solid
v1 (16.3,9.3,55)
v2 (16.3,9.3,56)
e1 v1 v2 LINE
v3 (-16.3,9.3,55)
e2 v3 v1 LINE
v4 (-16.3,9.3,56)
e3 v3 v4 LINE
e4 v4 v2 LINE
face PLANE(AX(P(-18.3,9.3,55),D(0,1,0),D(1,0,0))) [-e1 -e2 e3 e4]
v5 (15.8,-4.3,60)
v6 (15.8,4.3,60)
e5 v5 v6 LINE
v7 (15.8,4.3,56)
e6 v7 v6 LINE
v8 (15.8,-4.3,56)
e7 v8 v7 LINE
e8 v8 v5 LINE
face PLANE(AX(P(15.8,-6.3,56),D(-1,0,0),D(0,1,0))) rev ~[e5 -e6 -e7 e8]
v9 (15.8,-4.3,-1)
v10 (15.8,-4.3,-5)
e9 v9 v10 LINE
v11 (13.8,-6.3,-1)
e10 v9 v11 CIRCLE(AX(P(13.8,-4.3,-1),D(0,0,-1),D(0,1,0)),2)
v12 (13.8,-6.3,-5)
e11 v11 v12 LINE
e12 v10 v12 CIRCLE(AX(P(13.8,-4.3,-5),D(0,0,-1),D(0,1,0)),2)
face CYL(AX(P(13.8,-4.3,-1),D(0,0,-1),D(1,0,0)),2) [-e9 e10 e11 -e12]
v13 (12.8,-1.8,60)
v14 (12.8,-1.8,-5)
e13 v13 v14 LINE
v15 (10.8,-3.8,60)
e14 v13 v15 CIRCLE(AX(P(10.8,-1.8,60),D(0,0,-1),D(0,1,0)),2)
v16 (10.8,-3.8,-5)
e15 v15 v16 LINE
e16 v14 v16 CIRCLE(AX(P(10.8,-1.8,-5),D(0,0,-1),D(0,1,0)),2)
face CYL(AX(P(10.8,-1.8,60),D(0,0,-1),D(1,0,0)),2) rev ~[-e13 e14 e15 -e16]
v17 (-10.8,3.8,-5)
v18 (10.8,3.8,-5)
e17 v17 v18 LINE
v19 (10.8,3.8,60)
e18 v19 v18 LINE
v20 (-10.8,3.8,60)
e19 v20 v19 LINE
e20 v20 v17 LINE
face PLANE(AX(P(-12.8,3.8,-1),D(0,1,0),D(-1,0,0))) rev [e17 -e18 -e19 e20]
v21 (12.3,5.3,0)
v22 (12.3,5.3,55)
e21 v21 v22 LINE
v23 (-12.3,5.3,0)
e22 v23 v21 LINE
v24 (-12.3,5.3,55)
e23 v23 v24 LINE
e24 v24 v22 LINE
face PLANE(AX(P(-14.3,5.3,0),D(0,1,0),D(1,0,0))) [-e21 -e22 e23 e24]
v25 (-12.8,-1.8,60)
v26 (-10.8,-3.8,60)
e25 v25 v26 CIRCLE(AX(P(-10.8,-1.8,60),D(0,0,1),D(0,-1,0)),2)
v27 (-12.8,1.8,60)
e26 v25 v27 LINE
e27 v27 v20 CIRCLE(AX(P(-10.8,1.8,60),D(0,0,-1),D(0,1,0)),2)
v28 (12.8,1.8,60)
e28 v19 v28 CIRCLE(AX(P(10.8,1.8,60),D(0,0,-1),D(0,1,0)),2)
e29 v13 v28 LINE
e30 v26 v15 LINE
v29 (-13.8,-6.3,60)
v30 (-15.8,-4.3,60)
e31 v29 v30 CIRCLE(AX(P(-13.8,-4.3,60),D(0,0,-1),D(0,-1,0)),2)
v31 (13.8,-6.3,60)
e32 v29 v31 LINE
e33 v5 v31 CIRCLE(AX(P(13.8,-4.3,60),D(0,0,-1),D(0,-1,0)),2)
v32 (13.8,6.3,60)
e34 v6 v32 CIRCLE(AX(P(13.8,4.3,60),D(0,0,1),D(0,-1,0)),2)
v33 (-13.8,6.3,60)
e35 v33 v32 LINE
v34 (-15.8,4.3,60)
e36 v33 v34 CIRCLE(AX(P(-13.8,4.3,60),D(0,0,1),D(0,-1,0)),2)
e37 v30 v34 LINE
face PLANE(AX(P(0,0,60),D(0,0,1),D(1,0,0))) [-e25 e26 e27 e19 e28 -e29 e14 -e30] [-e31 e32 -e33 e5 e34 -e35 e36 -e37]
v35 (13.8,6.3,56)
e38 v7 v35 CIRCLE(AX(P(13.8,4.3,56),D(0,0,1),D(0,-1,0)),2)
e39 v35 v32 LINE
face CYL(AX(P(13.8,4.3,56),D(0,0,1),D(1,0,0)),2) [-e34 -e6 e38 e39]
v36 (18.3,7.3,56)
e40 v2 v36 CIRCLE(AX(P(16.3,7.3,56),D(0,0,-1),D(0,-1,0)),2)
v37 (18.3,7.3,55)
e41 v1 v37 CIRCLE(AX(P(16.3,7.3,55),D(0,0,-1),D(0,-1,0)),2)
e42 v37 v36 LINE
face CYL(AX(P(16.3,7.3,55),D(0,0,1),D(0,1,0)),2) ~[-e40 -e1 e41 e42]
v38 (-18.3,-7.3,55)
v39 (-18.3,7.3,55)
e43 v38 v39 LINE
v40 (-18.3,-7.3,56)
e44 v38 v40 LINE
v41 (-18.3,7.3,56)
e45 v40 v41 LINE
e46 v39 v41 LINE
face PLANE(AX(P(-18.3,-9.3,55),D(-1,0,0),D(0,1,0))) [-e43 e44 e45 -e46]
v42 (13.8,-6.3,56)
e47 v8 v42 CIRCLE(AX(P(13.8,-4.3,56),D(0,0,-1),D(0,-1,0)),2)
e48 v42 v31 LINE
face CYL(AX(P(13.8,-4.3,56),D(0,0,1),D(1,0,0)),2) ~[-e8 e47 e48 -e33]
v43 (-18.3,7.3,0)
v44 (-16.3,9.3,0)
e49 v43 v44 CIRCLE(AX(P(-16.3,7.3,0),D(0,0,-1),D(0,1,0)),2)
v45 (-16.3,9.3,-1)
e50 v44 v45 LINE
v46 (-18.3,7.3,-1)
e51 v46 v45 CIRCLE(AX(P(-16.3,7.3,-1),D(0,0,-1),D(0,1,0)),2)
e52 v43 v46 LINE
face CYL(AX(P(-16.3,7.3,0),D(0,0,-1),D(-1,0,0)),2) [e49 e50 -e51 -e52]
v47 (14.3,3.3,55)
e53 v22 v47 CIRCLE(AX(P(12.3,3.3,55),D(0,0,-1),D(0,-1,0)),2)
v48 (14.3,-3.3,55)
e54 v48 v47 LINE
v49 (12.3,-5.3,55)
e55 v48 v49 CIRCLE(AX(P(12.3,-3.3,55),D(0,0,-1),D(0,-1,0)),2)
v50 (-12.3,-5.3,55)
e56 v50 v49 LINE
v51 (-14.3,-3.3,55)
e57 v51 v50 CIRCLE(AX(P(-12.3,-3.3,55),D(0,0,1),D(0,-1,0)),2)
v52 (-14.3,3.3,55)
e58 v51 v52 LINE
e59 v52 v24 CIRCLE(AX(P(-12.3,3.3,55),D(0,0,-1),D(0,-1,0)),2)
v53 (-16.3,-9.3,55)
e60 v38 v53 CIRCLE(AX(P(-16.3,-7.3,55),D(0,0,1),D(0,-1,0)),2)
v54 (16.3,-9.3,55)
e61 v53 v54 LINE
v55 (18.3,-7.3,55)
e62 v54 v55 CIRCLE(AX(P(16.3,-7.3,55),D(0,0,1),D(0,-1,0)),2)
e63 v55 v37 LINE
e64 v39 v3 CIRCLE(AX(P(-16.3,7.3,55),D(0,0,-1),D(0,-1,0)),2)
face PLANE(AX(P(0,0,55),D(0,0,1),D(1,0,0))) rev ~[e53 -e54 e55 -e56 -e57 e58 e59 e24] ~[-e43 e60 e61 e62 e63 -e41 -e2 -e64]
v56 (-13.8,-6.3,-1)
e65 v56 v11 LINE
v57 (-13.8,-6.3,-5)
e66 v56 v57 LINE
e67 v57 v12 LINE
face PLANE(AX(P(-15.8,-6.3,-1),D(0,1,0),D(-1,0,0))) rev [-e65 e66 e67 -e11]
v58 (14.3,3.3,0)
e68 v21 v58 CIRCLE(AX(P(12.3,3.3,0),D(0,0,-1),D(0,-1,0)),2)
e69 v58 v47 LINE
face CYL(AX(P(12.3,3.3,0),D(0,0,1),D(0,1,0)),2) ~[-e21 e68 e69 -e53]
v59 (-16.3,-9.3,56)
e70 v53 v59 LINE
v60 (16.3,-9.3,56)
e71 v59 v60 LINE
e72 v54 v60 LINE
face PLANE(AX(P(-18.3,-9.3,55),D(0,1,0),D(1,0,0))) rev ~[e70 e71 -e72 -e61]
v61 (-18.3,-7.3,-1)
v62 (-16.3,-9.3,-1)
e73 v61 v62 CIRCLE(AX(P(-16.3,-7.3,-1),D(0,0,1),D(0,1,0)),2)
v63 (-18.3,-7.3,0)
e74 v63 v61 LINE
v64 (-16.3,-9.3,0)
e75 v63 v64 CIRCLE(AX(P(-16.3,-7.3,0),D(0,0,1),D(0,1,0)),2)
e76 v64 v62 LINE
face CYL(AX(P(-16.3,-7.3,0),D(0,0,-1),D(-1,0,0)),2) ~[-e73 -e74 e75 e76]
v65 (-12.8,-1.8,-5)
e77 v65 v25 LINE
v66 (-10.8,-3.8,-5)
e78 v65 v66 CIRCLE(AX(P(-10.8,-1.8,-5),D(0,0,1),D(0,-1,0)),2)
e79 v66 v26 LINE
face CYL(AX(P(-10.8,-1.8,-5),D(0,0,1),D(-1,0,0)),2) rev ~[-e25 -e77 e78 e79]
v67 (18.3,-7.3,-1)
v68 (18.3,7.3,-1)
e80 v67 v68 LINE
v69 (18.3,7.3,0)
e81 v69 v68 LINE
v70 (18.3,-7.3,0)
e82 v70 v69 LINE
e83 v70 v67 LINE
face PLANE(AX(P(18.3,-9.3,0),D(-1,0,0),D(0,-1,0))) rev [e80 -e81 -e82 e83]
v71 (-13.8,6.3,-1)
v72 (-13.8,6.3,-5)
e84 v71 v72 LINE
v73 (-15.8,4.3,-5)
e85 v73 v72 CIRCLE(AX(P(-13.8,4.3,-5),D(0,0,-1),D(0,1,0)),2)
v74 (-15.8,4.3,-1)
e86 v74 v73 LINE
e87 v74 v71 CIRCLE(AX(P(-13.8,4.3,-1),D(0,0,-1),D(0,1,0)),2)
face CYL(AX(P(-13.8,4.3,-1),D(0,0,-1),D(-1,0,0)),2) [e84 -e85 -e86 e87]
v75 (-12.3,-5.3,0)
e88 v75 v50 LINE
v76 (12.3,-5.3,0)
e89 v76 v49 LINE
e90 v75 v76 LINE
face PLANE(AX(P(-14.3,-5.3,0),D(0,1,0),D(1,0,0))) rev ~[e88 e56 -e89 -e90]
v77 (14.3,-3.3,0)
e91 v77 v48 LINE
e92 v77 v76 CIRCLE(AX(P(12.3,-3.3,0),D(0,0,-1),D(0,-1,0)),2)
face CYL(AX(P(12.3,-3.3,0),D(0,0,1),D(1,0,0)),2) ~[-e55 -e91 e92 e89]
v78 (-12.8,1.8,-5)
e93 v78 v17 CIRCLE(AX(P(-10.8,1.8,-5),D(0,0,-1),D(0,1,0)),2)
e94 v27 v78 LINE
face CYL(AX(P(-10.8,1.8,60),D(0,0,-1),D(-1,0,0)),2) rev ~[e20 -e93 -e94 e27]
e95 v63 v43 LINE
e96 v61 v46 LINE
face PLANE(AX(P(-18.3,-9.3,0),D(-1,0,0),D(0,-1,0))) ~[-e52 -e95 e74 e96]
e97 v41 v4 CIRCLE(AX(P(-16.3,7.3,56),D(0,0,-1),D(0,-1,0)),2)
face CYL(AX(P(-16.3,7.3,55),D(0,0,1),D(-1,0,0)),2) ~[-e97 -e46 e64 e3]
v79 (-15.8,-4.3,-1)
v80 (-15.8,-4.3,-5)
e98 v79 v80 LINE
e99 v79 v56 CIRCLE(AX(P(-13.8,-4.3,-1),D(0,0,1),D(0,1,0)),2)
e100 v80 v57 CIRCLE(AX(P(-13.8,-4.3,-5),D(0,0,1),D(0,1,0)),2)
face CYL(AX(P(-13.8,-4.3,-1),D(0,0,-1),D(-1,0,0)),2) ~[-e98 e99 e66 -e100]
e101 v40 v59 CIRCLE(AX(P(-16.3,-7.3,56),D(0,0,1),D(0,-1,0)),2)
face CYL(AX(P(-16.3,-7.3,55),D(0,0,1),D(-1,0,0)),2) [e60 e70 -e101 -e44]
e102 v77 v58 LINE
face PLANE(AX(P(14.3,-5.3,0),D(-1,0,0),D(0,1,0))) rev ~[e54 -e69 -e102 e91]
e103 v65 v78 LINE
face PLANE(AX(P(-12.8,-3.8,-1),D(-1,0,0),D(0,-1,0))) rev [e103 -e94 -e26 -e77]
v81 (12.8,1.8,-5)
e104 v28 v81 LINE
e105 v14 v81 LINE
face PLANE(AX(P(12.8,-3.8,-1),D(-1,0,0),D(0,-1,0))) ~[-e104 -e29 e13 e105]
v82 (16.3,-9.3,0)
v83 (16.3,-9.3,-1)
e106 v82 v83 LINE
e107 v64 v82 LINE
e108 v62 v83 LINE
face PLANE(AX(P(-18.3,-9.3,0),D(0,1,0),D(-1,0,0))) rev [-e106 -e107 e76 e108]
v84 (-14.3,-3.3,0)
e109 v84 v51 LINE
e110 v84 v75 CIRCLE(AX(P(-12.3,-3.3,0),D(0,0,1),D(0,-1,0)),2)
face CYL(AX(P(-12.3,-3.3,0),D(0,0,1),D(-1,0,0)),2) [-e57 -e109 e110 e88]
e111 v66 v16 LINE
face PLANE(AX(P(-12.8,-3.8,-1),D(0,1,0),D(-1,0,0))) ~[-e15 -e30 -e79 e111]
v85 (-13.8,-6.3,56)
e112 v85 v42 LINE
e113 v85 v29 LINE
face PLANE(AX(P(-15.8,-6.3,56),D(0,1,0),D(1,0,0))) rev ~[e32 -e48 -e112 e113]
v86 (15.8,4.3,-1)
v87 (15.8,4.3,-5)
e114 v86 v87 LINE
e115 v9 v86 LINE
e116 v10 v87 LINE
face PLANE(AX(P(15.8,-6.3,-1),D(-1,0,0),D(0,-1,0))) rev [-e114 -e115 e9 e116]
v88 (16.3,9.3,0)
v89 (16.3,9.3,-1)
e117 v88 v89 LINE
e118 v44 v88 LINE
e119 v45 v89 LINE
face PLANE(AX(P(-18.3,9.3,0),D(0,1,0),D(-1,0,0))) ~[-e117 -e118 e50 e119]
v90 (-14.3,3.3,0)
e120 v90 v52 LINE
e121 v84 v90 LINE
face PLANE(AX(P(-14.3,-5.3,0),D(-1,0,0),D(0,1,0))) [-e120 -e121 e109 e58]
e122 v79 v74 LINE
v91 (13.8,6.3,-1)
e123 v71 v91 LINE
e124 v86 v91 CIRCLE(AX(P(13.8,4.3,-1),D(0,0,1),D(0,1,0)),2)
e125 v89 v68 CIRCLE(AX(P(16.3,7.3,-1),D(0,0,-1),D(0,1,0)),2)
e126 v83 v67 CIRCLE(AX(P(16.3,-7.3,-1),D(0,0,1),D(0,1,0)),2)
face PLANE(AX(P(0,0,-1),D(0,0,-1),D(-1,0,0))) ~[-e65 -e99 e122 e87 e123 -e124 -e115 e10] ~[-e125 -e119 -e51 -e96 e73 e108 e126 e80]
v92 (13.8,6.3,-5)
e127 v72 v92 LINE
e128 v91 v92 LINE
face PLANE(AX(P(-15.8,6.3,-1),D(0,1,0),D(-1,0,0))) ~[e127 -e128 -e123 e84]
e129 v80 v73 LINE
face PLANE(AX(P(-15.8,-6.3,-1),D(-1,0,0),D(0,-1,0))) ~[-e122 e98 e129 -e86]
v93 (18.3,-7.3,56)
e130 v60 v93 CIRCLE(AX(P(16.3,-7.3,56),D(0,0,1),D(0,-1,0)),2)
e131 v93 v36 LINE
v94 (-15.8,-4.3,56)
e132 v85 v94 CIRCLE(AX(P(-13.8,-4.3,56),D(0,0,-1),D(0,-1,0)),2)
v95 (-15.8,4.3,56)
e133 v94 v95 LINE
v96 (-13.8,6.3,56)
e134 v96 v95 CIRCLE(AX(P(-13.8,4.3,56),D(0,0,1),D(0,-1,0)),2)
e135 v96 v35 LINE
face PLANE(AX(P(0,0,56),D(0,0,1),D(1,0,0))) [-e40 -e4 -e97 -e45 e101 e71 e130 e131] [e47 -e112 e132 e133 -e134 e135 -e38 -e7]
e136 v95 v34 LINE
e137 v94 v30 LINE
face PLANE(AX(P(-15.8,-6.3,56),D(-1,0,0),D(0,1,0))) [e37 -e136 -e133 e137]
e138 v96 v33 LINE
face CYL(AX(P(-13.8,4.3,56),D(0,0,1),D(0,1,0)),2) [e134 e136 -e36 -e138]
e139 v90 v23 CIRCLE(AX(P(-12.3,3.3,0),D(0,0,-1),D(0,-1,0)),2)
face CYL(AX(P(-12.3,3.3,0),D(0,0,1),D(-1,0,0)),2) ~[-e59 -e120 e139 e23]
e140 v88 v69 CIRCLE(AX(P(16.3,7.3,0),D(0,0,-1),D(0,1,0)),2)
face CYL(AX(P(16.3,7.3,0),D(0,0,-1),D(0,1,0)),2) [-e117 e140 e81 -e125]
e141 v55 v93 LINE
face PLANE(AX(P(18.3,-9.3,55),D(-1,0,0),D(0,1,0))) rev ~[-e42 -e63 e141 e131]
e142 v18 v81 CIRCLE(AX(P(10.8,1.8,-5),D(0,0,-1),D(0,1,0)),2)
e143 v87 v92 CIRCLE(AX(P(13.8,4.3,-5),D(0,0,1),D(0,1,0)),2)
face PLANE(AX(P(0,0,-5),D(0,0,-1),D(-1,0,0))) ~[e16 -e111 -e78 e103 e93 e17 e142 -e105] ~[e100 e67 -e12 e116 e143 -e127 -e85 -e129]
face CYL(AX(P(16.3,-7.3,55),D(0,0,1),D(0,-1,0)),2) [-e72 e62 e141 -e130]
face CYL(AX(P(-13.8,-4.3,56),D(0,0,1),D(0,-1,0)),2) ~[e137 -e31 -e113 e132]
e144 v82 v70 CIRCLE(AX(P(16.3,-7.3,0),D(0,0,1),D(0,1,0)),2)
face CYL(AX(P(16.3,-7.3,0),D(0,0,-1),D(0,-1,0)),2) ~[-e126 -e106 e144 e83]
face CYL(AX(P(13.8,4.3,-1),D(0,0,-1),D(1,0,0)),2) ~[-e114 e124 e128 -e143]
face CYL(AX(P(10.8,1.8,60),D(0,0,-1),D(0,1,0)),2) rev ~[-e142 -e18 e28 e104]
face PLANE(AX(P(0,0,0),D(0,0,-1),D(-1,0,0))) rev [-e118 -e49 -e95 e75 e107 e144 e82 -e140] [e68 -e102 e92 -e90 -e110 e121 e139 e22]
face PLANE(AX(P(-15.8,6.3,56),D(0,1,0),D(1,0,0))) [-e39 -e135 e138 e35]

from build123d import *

# Parameters (mm, degrees)
SKETCH1_W           = 28.6
SKETCH1_H           = 10.6
SKETCH1_W_2         = 25.6
SKETCH1_H_2         = 7.6
BOSS_EXTRUDE1_DEPTH = 55
SKETCH2_W           = 36.6
SKETCH2_H           = 18.6
SKETCH2_W_2         = 25.6
SKETCH2_H_2         = 7.6
BOSS_EXTRUDE3_DEPTH = 1
SKETCH3_W           = 31.6
SKETCH3_H           = 12.6
SKETCH3_W_2         = 25.6
SKETCH3_H_2         = 7.6
BOSS_EXTRUDE4_DEPTH = 4
FILLET1_R           = 2
FILLET2_R           = 2


with BuildPart() as part:
    # Sketch1 → Boss-Extrude1 (new body)
    with BuildSketch(Plane.XY):
        Rectangle(SKETCH1_W, SKETCH1_H)
        Rectangle(SKETCH1_W_2, SKETCH1_H_2, mode=Mode.SUBTRACT)
    extrude(amount=BOSS_EXTRUDE1_DEPTH)

    # Sketch2 → Boss-Extrude3 (add)
    with BuildSketch(Plane.XY.offset(55)):
        Rectangle(SKETCH2_W, SKETCH2_H)
        Rectangle(SKETCH2_W_2, SKETCH2_H_2, mode=Mode.SUBTRACT)
    boss_extrude3 = extrude(amount=BOSS_EXTRUDE3_DEPTH)

    # Sketch3 → Boss-Extrude4 (add)
    with BuildSketch(Plane.XY.offset(56)):
        Rectangle(SKETCH3_W, SKETCH3_H)
        Rectangle(SKETCH3_W_2, SKETCH3_H_2, mode=Mode.SUBTRACT)
    boss_extrude4 = extrude(amount=BOSS_EXTRUDE4_DEPTH)

    # Mirror1: Boss-Extrude3, Boss-Extrude4 across plane
    add(boss_extrude3.mirror(Plane(origin=(0, 0, 27.5), x_dir=(1, 0, 0), z_dir=(0, 0, -1))))
    add(boss_extrude4.mirror(Plane(origin=(0, 0, 27.5), x_dir=(1, 0, 0), z_dir=(0, 0, -1))))

    # Fillet1
    fillet1_edges = [part.edges().sort_by_distance(p)[0] for p in [
        (12.8, -3.8, 27.5),
        (12.8, 3.8, 27.5),
        (-12.8, 3.8, 27.5),
        (-12.8, -3.8, 27.5),
        (15.8, -6.3, 58),
        (15.8, 6.3, 58),
        (-15.8, 6.3, 58),
        (-15.8, -6.3, 58),
        (14.3, -5.3, 27.5),
        (-14.3, -5.3, 27.5),
        (-14.3, 5.3, 27.5),
        (14.3, 5.3, 27.5),
        (15.8, 6.3, -3),
        (15.8, -6.3, -3),
        (-15.8, -6.3, -3),
        (-15.8, 6.3, -3),
    ]]
    fillet(fillet1_edges, radius=FILLET1_R)

    # Fillet2
    fillet2_edges = [part.edges().sort_by_distance(p)[0] for p in [
        (18.3, -9.3, 55.5),
        (18.3, 9.3, 55.5),
        (-18.3, 9.3, 55.5),
        (-18.3, -9.3, 55.5),
        (18.3, 9.3, -0.5),
        (18.3, -9.3, -0.5),
        (-18.3, -9.3, -0.5),
        (-18.3, 9.3, -0.5),
    ]]
    fillet(fillet2_edges, radius=FILLET2_R)


solid = part.part
